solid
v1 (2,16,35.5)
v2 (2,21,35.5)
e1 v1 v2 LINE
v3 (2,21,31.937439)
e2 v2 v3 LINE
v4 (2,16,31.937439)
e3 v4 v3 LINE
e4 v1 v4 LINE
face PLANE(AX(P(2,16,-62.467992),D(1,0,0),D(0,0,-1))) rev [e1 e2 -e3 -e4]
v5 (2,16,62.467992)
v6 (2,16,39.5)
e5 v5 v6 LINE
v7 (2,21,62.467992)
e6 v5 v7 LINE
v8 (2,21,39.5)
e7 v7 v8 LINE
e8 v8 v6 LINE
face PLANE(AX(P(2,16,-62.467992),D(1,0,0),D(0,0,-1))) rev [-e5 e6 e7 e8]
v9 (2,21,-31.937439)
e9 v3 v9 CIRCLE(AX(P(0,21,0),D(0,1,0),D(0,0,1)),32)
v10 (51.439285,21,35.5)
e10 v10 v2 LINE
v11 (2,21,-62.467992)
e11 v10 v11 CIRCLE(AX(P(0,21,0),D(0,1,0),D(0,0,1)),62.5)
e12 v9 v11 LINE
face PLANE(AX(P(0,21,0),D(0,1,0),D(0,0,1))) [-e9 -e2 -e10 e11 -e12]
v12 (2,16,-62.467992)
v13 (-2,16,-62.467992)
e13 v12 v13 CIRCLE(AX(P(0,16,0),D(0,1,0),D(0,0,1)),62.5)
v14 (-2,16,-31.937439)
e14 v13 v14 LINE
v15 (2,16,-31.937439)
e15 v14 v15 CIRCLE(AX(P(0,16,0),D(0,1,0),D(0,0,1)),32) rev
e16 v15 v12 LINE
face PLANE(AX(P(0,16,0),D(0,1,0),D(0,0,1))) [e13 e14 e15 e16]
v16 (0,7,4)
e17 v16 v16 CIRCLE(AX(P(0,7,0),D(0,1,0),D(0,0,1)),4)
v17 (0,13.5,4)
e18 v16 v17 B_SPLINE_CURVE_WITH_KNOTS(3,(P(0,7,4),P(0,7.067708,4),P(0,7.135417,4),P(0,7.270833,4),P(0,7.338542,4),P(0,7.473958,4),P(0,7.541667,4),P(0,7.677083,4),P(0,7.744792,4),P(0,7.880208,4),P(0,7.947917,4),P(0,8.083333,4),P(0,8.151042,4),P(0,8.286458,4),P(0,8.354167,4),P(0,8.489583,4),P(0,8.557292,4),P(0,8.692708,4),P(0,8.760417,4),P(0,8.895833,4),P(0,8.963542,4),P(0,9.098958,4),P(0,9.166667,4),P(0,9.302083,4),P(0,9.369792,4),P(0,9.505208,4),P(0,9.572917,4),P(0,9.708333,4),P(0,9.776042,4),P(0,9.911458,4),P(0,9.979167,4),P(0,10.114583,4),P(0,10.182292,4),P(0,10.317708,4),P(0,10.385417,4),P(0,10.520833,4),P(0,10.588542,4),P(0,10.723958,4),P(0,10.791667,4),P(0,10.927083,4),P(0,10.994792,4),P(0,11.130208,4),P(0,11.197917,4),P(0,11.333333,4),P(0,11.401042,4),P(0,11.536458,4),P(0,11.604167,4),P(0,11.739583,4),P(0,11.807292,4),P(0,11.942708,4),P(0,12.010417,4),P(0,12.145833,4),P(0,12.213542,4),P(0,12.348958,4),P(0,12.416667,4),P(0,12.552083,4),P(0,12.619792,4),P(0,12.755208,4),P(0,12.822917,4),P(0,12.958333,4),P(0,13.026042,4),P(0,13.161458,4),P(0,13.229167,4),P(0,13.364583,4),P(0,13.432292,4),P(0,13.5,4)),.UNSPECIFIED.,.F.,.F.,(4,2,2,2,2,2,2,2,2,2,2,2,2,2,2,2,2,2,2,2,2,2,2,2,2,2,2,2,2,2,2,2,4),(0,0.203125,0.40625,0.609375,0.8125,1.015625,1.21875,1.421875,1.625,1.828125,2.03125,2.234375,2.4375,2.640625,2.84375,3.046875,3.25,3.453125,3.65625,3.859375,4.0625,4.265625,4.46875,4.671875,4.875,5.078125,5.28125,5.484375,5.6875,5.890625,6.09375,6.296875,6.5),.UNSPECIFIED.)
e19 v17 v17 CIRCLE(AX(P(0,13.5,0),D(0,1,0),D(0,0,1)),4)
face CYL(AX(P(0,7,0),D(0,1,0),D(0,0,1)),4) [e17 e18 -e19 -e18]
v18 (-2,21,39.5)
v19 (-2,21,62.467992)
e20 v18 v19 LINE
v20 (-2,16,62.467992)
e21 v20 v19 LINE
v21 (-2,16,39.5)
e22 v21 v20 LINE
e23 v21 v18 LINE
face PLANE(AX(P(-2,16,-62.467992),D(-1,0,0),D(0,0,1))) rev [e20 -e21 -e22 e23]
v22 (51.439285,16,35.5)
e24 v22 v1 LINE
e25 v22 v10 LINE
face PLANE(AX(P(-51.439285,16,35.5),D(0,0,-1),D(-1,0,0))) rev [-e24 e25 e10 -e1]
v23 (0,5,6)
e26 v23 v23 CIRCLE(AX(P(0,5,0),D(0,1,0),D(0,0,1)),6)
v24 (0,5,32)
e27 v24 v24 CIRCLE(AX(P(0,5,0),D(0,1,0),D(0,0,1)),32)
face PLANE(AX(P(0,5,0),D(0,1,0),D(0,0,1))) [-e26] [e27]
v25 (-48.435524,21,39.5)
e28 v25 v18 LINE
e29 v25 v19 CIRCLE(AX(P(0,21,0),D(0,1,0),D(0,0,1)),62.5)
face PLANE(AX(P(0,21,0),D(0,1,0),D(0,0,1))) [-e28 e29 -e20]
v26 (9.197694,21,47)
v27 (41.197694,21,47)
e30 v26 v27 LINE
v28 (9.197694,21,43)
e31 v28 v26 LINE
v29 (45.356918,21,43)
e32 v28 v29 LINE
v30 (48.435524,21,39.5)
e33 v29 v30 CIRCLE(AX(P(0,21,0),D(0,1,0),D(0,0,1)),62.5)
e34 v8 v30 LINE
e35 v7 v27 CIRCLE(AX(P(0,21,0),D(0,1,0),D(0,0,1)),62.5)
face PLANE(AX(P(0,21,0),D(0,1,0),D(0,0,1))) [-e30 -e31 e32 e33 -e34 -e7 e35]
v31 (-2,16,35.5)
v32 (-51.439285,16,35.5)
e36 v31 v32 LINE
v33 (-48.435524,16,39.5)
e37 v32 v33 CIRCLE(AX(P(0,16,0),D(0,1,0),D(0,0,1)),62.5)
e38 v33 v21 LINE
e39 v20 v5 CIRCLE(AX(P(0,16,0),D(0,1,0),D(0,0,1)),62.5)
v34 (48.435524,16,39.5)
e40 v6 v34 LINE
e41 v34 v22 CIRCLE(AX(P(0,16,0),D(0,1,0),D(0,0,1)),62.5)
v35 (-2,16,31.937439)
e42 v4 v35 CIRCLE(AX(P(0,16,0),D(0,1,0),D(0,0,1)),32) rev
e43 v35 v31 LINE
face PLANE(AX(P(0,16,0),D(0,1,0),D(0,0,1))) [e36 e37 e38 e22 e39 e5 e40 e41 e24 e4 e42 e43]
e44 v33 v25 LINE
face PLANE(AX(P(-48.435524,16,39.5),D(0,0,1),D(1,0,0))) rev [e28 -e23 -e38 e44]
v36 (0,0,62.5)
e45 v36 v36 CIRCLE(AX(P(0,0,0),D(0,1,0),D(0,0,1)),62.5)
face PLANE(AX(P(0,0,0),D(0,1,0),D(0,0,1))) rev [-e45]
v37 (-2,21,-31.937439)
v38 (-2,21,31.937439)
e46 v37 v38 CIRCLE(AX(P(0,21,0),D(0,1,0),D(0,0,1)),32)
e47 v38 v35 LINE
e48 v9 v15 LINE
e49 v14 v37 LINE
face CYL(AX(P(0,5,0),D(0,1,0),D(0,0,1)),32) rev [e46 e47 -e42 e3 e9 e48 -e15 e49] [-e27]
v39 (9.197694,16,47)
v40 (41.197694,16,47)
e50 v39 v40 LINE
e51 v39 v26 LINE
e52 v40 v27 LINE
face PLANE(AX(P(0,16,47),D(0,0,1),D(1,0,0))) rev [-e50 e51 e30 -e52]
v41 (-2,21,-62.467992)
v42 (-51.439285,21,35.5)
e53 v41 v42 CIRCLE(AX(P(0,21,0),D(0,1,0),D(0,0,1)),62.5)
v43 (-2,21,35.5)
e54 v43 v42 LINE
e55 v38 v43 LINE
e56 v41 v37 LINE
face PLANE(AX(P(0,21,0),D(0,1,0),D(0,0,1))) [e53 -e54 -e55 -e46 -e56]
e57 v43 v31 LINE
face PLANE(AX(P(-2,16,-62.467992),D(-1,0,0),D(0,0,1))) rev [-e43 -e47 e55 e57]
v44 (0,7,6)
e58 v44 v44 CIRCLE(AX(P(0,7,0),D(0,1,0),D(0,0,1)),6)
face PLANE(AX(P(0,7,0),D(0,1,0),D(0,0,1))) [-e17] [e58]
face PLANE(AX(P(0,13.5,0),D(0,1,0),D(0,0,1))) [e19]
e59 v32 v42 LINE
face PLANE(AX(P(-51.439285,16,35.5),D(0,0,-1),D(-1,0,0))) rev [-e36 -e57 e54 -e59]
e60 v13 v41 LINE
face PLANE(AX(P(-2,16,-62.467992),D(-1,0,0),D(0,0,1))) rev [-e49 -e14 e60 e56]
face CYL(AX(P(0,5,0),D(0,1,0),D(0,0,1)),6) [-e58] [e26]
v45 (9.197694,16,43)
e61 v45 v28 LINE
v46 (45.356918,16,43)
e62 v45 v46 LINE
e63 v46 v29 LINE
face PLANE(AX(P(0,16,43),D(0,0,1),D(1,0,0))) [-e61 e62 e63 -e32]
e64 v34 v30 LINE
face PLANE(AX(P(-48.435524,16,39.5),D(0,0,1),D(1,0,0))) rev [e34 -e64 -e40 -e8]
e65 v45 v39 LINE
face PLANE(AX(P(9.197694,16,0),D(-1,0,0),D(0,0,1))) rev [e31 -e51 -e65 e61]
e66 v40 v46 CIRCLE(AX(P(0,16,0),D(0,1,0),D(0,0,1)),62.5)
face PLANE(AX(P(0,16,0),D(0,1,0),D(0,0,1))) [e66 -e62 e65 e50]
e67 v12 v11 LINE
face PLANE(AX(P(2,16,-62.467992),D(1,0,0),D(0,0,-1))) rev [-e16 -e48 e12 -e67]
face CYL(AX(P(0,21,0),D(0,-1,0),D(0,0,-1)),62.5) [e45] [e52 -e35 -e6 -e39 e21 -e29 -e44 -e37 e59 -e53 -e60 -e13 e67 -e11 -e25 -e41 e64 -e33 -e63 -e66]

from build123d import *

# Parameters (mm, degrees)
SKETCH1_R           = 62.5
BOSS_EXTRUDE1_DEPTH = 21
SKETCH2_R           = 32
SKETCH2_R_2         = 6
CUT_EXTRUDE1_DEPTH  = 16
SKETCH3_R           = 6
SKETCH3_R_2         = 4
CUT_EXTRUDE2_DEPTH  = 14
SKETCH4_R           = 4
CUT_EXTRUDE3_DEPTH  = 7.5
CUT_EXTRUDE4_START  = -5
CUT_EXTRUDE4_DEPTH  = 5
CUT_EXTRUDE5_START  = -5
CUT_EXTRUDE5_DEPTH  = 5
CUT_EXTRUDE6_START  = -5
CUT_EXTRUDE6_DEPTH  = 5


with BuildPart() as part:
    # Sketch1 → Boss-Extrude1 (new body)
    with BuildSketch(Plane(origin=(0, 0, 0), x_dir=(1, 0, 0), z_dir=(0, 1, 0))):
        with Locations(Location((0, 0, 0), (0, 0, 90))):
            Circle(SKETCH1_R)
    extrude(amount=BOSS_EXTRUDE1_DEPTH)

    # Sketch2 → Cut-Extrude1 (cut)
    with BuildSketch(Plane(origin=(0, 21, 0), x_dir=(1, 0, 0), z_dir=(0, 1, 0))):
        with Locations(Location((0, 0, 0), (0, 0, 270))):
            Circle(SKETCH2_R)
        with Locations(Location((0, 0, 0), (0, 0, 270))):
            Circle(SKETCH2_R_2, mode=Mode.SUBTRACT)
    extrude(amount=-CUT_EXTRUDE1_DEPTH, mode=Mode.SUBTRACT)

    # Sketch3 → Cut-Extrude2 (cut)
    with BuildSketch(Plane(origin=(0, 21, 0), x_dir=(1, 0, 0), z_dir=(0, 1, 0))):
        with Locations(Location((0, 0, 0), (0, 0, 270))):
            Circle(SKETCH3_R)
        with Locations(Location((0, 0, 0), (0, 0, 270))):
            Circle(SKETCH3_R_2, mode=Mode.SUBTRACT)
    extrude(amount=-CUT_EXTRUDE2_DEPTH, mode=Mode.SUBTRACT)

    # Sketch4 → Cut-Extrude3 (cut)
    with BuildSketch(Plane(origin=(0, 21, 0), x_dir=(1, 0, 0), z_dir=(0, 1, 0))):
        with Locations(Location((0, 0, 0), (0, 0, 270))):
            Circle(SKETCH4_R)
    extrude(amount=-CUT_EXTRUDE3_DEPTH, mode=Mode.SUBTRACT)

    # Sketch5 → Cut-Extrude4 (cut)
    with BuildSketch(Plane(origin=(0, 21, 0), x_dir=(1, 0, 0), z_dir=(0, 1, 0)).offset(CUT_EXTRUDE4_START)):
        with BuildLine():
            Line((2, 62.467991804), (2, -62.467991804))
            ThreePointArc((2, -62.467991804), (0, -62.5), (-2, -62.467991804))
            Line((-2, -62.467991804), (-2, 62.467991804))
            ThreePointArc((-2, 62.467991804), (0, 62.5), (2, 62.467991804))
        make_face()
    extrude(amount=CUT_EXTRUDE4_DEPTH, mode=Mode.SUBTRACT)

    # Sketch6 → Cut-Extrude5 (cut)
    with BuildSketch(Plane(origin=(0, 21, 0), x_dir=(1, 0, 0), z_dir=(0, 1, 0)).offset(CUT_EXTRUDE5_START)):
        with BuildLine():
            Line((-48.435524153, -39.5), (48.435524153, -39.5))
            ThreePointArc((48.435524153, -39.5), (49.977438468, -37.530063205), (51.439284598, -35.5))
            Line((51.439284598, -35.5), (-51.439284598, -35.5))
            ThreePointArc((-51.439284598, -35.5), (-49.977438468, -37.530063205), (-48.435524153, -39.5))
        make_face()
    extrude(amount=CUT_EXTRUDE5_DEPTH, mode=Mode.SUBTRACT)

    # Sketch9 → Cut-Extrude6 (cut)
    with BuildSketch(Plane(origin=(0, 21, 0), x_dir=(1, 0, 0), z_dir=(0, 1, 0)).offset(CUT_EXTRUDE6_START)):
        with BuildLine():
            Line((41.19769411, -43), (45.356917885, -43))
            ThreePointArc((45.356917885, -43), (43.323494947, -45.048027544), (41.19769411, -47))
            Line((41.19769411, -47), (9.19769411, -47))
            Line((9.19769411, -47), (9.19769411, -43))
            Line((9.19769411, -43), (41.19769411, -43))
        make_face()
    extrude(amount=CUT_EXTRUDE6_DEPTH, mode=Mode.SUBTRACT)


solid = part.part
